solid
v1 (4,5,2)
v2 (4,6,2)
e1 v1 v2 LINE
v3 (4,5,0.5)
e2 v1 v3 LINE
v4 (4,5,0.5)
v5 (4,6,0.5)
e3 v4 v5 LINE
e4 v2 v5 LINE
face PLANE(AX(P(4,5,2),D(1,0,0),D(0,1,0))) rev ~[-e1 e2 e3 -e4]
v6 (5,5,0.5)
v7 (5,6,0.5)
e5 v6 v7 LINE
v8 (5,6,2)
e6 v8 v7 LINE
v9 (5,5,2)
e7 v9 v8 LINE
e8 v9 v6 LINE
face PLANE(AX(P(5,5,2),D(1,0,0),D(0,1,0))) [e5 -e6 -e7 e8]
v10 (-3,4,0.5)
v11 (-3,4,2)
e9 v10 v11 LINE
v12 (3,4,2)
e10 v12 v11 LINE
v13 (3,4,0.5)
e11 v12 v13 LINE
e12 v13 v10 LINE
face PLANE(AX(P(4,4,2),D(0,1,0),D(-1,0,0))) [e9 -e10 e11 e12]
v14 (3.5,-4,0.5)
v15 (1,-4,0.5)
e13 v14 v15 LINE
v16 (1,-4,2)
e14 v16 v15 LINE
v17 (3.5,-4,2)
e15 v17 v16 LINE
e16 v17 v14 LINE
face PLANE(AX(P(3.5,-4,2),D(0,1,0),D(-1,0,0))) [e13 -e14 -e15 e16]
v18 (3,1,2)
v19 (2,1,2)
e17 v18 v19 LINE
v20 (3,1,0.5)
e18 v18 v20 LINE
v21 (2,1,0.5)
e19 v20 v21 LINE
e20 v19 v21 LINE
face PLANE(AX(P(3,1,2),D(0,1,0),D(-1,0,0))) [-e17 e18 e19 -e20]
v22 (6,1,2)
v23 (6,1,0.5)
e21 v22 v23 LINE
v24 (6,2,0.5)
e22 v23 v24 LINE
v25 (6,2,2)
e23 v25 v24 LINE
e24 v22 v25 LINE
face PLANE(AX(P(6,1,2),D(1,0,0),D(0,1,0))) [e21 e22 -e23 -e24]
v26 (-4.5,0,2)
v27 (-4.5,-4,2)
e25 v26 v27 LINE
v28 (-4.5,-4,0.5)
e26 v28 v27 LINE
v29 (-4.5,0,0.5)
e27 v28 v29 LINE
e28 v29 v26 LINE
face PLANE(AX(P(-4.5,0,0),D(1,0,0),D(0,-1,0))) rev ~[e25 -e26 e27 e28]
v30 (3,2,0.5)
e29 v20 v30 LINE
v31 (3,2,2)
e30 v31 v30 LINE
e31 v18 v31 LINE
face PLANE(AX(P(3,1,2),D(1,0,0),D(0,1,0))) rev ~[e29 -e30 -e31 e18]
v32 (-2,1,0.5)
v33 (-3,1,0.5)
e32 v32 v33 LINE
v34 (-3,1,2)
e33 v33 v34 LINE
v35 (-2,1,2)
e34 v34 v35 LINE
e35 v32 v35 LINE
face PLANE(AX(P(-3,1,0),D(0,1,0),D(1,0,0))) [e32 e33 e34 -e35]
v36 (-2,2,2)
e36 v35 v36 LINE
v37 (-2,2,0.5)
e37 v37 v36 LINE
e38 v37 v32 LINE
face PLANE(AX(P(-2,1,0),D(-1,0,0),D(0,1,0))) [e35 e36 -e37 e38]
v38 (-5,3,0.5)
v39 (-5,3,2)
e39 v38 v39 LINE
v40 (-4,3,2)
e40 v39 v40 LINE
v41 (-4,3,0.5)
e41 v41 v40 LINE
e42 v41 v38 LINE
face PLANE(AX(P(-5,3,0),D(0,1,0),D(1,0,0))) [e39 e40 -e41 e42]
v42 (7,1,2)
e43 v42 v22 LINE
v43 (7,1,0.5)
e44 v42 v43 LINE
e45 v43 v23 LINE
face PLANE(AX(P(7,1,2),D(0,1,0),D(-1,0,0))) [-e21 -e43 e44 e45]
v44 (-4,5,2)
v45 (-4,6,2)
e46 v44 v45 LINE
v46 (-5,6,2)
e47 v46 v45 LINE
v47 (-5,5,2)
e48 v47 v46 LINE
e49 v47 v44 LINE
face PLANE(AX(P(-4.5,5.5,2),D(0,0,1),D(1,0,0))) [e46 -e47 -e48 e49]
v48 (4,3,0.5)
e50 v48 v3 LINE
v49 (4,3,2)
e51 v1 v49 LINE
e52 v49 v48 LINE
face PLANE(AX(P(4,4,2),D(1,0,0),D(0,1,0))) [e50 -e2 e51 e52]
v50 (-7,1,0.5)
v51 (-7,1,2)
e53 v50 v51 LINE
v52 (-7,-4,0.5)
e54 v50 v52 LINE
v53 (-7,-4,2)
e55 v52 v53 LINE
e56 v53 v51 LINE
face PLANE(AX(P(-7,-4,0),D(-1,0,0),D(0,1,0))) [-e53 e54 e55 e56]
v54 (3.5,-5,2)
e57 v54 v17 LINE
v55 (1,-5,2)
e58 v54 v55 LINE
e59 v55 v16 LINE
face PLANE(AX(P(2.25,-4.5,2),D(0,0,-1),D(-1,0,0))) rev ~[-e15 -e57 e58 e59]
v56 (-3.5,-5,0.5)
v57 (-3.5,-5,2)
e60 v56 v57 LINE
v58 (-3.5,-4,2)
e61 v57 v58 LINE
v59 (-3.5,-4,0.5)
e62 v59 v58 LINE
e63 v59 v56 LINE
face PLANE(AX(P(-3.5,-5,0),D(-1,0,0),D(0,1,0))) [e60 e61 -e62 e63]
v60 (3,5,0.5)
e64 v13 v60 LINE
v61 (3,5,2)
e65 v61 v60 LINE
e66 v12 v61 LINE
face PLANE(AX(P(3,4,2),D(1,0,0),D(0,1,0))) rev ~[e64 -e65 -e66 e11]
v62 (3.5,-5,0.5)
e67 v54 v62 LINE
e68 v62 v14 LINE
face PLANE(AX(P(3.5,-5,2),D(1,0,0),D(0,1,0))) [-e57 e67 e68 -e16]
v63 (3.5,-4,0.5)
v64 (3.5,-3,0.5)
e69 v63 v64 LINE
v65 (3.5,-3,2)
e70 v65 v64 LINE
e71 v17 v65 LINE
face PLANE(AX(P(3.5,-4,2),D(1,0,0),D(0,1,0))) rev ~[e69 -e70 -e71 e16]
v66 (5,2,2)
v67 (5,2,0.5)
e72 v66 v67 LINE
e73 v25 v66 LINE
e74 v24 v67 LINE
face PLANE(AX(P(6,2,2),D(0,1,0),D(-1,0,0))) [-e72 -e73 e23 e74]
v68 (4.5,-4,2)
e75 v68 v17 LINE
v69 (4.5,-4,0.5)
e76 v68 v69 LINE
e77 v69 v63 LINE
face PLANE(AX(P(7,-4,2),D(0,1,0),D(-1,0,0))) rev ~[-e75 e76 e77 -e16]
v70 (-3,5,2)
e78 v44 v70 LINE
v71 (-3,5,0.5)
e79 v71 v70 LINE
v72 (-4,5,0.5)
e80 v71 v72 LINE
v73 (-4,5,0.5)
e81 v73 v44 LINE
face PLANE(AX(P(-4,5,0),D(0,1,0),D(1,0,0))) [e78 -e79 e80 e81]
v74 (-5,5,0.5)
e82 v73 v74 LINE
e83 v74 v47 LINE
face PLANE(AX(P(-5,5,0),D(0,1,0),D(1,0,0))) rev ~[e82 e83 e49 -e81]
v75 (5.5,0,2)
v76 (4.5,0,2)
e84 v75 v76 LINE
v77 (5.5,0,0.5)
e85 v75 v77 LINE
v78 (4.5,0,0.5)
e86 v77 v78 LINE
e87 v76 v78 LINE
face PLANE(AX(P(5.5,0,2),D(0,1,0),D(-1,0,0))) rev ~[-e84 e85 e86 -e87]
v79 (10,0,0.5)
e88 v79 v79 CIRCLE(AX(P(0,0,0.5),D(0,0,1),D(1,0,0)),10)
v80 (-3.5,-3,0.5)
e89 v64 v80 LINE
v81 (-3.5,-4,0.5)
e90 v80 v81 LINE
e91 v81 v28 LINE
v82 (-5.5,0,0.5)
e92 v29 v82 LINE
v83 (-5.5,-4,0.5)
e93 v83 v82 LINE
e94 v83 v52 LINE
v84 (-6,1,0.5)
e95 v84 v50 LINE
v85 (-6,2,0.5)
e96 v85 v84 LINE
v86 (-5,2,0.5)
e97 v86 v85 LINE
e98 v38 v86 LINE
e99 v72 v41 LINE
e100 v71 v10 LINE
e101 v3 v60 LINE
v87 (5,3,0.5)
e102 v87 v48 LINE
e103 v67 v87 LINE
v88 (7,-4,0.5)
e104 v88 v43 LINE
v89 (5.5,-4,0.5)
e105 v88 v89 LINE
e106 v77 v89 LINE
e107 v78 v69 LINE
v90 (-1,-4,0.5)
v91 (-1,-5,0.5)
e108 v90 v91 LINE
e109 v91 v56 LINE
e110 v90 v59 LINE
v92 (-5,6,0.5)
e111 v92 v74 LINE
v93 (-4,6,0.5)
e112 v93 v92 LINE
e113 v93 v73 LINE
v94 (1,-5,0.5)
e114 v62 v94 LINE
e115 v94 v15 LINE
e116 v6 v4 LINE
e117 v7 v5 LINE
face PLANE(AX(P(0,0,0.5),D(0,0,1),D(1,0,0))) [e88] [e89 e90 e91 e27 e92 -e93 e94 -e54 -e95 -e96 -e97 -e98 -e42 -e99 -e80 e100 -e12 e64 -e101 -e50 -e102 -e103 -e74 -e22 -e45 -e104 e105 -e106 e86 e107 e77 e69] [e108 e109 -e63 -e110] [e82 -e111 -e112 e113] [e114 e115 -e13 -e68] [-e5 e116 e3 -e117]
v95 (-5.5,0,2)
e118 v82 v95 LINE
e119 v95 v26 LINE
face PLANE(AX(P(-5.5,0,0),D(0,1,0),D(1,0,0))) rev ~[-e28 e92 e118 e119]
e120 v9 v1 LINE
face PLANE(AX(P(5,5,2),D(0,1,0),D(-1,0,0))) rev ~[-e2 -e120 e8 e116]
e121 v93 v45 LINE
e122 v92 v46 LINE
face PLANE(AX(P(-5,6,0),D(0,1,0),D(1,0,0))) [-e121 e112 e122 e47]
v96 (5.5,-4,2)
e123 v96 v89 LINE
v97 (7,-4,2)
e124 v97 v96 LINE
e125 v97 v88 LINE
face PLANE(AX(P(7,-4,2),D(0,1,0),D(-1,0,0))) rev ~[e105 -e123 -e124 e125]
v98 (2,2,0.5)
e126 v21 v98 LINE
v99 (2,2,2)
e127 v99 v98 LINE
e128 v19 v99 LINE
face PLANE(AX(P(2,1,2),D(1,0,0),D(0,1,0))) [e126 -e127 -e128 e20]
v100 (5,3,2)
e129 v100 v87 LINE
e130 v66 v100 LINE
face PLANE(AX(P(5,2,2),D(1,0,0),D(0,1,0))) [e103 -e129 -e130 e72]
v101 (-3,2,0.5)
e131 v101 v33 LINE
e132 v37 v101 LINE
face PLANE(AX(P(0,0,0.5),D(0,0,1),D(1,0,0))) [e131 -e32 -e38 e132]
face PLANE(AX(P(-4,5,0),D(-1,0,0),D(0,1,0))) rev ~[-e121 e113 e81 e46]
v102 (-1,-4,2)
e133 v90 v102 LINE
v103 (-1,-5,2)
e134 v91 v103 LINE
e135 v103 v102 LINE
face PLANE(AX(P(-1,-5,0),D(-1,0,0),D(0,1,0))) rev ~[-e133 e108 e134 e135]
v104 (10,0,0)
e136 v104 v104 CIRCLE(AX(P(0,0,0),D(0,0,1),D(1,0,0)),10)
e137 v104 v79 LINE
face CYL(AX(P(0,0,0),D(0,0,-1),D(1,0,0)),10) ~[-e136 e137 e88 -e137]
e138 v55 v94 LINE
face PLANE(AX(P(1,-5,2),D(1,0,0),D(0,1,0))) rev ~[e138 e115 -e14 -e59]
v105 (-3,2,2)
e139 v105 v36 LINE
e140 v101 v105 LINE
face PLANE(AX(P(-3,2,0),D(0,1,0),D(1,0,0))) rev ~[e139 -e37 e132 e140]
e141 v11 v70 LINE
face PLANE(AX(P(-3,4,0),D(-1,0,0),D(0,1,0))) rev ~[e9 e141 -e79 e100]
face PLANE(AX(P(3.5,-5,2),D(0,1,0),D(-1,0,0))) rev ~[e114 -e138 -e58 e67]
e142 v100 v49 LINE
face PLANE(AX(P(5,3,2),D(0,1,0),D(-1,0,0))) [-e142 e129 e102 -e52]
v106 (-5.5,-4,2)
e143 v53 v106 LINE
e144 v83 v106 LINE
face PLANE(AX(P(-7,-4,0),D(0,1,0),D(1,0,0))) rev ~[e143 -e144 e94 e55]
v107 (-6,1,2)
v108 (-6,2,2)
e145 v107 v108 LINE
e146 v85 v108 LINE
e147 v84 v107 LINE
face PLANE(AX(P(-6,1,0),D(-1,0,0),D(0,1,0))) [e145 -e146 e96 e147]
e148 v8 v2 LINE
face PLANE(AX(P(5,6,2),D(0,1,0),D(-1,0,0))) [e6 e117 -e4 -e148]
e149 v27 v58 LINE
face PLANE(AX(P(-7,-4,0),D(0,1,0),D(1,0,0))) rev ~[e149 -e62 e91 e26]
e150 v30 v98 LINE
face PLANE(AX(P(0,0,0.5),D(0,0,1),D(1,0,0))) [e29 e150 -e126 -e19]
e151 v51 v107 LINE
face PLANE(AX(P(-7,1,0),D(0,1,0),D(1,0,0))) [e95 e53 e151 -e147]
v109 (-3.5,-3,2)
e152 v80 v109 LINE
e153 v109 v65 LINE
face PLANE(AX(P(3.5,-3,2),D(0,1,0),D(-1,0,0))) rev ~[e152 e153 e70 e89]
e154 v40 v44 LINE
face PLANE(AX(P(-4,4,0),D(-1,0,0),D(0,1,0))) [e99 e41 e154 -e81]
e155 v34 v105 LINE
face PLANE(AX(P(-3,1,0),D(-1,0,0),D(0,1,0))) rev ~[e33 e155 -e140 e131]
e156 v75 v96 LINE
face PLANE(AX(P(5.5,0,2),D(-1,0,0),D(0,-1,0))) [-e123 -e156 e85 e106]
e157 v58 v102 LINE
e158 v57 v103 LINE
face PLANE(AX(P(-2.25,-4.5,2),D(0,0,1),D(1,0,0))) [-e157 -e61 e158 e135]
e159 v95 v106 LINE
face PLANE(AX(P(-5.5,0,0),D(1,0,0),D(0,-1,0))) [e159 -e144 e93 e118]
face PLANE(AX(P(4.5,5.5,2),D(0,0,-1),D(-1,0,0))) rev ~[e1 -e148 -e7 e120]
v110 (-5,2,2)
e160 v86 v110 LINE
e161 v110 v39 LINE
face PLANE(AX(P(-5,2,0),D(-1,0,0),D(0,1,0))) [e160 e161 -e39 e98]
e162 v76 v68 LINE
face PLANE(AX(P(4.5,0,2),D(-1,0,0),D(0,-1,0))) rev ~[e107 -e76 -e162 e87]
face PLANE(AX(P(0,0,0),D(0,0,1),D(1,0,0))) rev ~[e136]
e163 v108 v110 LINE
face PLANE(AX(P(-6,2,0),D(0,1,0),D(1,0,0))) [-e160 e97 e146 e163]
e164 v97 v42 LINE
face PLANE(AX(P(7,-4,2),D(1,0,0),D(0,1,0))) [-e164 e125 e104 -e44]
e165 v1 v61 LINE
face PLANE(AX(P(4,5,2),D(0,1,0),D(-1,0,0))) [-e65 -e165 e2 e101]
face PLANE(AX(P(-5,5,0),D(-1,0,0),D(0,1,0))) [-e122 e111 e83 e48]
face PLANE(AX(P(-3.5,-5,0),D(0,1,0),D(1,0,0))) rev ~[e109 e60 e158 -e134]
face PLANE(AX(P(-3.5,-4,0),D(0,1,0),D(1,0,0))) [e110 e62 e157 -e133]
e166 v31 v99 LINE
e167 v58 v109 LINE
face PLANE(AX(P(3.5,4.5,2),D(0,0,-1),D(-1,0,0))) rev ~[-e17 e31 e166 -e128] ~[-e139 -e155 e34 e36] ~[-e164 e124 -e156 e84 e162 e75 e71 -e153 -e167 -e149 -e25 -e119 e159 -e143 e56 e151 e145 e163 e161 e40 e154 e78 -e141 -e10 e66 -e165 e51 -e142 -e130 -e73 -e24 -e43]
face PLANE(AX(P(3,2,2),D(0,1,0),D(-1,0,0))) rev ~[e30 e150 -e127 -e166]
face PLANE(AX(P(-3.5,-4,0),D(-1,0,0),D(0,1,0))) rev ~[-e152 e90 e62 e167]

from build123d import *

# Parameters (mm, degrees)
BOX025_W                  = 1
BOX025_H                  = 1
BOX025_DEPTH              = 2
BOX027_W                  = 10
BOX027_H                  = 10
BOX027_DEPTH              = 10
BOX024_W                  = 10
BOX024_H                  = 10
BOX024_DEPTH              = 10
BOX017_W                  = 1
BOX017_H                  = 1
BOX017_DEPTH              = 2
BOX018_W                  = 1
BOX018_H                  = 1
BOX018_DEPTH              = 2
BOX019_W                  = 4
BOX019_H                  = 1
BOX019_DEPTH              = 2
BOX020_W                  = 1
BOX020_H                  = 1
BOX020_DEPTH              = 2
BOX021_W                  = 1
BOX021_H                  = 1
BOX021_DEPTH              = 2
BOX022_W                  = 4
BOX022_H                  = 1
BOX022_DEPTH              = 2
BOX023_W                  = 3.5
BOX023_H                  = 1
BOX023_DEPTH              = 2
BOX016_W                  = 1
BOX016_H                  = 1
BOX016_DEPTH              = 2
BOX015_W                  = 7
BOX015_H                  = 10
BOX015_DEPTH              = 2
BOX028_W                  = 1
BOX028_H                  = 1
BOX028_DEPTH              = 2
BOX026_W                  = 1
BOX026_H                  = 1
BOX026_DEPTH              = 2
BOX029_W                  = 2.5
BOX029_H                  = 1
BOX029_DEPTH              = 2
FUSION001_PLACEMENT_ANGLE = 180
BOX010_W                  = 1
BOX010_H                  = 1
BOX010_DEPTH              = 2
BOX012_W                  = 10
BOX012_H                  = 10
BOX012_DEPTH              = 10
BOX009_W                  = 10
BOX009_H                  = 10
BOX009_DEPTH              = 10
BOX002_W                  = 1
BOX002_H                  = 1
BOX002_DEPTH              = 2
BOX003_W                  = 1
BOX003_H                  = 1
BOX003_DEPTH              = 2
BOX004_W                  = 4
BOX004_H                  = 1
BOX004_DEPTH              = 2
BOX005_W                  = 1
BOX005_H                  = 1
BOX005_DEPTH              = 2
BOX006_W                  = 1
BOX006_H                  = 1
BOX006_DEPTH              = 2
BOX007_W                  = 4
BOX007_H                  = 1
BOX007_DEPTH              = 2
BOX008_W                  = 3.5
BOX008_H                  = 1
BOX008_DEPTH              = 2
BOX001_W                  = 1
BOX001_H                  = 1
BOX001_DEPTH              = 2
BOX_W                     = 7
BOX_H                     = 10
BOX_DEPTH                 = 2
BOX013_W                  = 1
BOX013_H                  = 1
BOX013_DEPTH              = 2
BOX011_W                  = 1
BOX011_H                  = 1
BOX011_DEPTH              = 2
BOX014_W                  = 2.5
BOX014_H                  = 1
BOX014_DEPTH              = 2
CYLINDER_R                = 10
CYLINDER_DEPTH            = 0.5


with BuildPart() as cubo025:
    # Box025 → Box025 (new body)
    with BuildSketch(Plane(origin=(-5, 3, 0), x_dir=(1, 0, 0), z_dir=(0, 0, 1))):
        with Locations((0.5, 0.5)):
            Rectangle(BOX025_W, BOX025_H)
    extrude(amount=BOX025_DEPTH)


with BuildPart() as cubo027:
    # Box027 → Box027 (new body)
    with BuildSketch(Plane(origin=(-15, 1, 0), x_dir=(1, 0, 0), z_dir=(0, 0, 1))):
        with Locations((5, 5)):
            Rectangle(BOX027_W, BOX027_H)
    extrude(amount=BOX027_DEPTH)


with BuildPart() as cubo024:
    # Box024 → Box024 (new body)
    with BuildSketch(Plane(origin=(-4, 3, 0), x_dir=(1, 0, 0), z_dir=(0, 0, 1))):
        with Locations((5, 5)):
            Rectangle(BOX024_W, BOX024_H)
    extrude(amount=BOX024_DEPTH)


with BuildPart() as cubo017:
    # Box017 → Box017 (new body)
    with BuildSketch(Plane(origin=(-3, 0, 0), x_dir=(1, 0, 0), z_dir=(0, 0, 1))):
        with Locations((0.5, 0.5)):
            Rectangle(BOX017_W, BOX017_H)
    extrude(amount=BOX017_DEPTH)


with BuildPart() as cubo018:
    # Box018 → Box018 (new body)
    with BuildSketch(Plane(origin=(-5, 2, 0), x_dir=(1, 0, 0), z_dir=(0, 0, 1))):
        with Locations((0.5, 0.5)):
            Rectangle(BOX018_W, BOX018_H)
    extrude(amount=BOX018_DEPTH)


with BuildPart() as cubo019:
    # Box019 → Box019 (new body)
    with BuildSketch(Plane(origin=(-5.5, -1, 0), x_dir=(0, -1, 0), z_dir=(0, 0, 1))):
        with Locations((2, 0.5)):
            Rectangle(BOX019_W, BOX019_H)
    extrude(amount=BOX019_DEPTH)


with BuildPart() as cubo020:
    # Box020 → Box020 (new body)
    with BuildSketch(Plane(origin=(-5, 4, 0), x_dir=(1, 0, 0), z_dir=(0, 0, 1))):
        with Locations((0.5, 0.5)):
            Rectangle(BOX020_W, BOX020_H)
    extrude(amount=BOX020_DEPTH)


with BuildPart() as cubo021:
    # Box021 → Box021 (new body)
    with BuildSketch(Plane(origin=(-6, 1, 0), x_dir=(1, 0, 0), z_dir=(0, 0, 1))):
        with Locations((0.5, 0.5)):
            Rectangle(BOX021_W, BOX021_H)
    extrude(amount=BOX021_DEPTH)


with BuildPart() as cubo022:
    # Box022 → Box022 (new body)
    with BuildSketch(Plane(origin=(-4, 3, 0), x_dir=(1, 0, 0), z_dir=(0, 0, 1))):
        with Locations((2, 0.5)):
            Rectangle(BOX022_W, BOX022_H)
    extrude(amount=BOX022_DEPTH)


with BuildPart() as cubo023:
    # Box023 → Box023 (new body)
    with BuildSketch(Plane(origin=(-3.5, -5, 0), x_dir=(1, 0, 0), z_dir=(0, 0, 1))):
        with Locations((1.75, 0.5)):
            Rectangle(BOX023_W, BOX023_H)
    extrude(amount=BOX023_DEPTH)


with BuildPart() as cubo016:
    # Box016 → Box016 (new body)
    with BuildSketch(Plane(origin=(-7, 0, 0), x_dir=(1, 0, 0), z_dir=(0, 0, 1))):
        with Locations((0.5, 0.5)):
            Rectangle(BOX016_W, BOX016_H)
    extrude(amount=BOX016_DEPTH)


with BuildPart() as cut021:
    # Box015 → Box015 (new body)
    with BuildSketch(Plane(origin=(-7, -5, 0), x_dir=(1, 0, 0), z_dir=(0, 0, 1))):
        with Locations((3.5, 5)):
            Rectangle(BOX015_W, BOX015_H)
    extrude(amount=BOX015_DEPTH)

    # Cut011: cut Cubo016
    add(cubo016.part, mode=Mode.SUBTRACT)

    # Cut012: cut Cubo023
    add(cubo023.part, mode=Mode.SUBTRACT)

    # Cut013: cut Cubo022
    add(cubo022.part, mode=Mode.SUBTRACT)

    # Cut014: cut Cubo021
    add(cubo021.part, mode=Mode.SUBTRACT)

    # Cut015: cut Cubo020
    add(cubo020.part, mode=Mode.SUBTRACT)

    # Cut016: cut Cubo019
    add(cubo019.part, mode=Mode.SUBTRACT)

    # Cut017: cut Cubo018
    add(cubo018.part, mode=Mode.SUBTRACT)

    # Cut018: cut Cubo017
    add(cubo017.part, mode=Mode.SUBTRACT)

    # Cut019: cut Cubo024
    add(cubo024.part, mode=Mode.SUBTRACT)

    # Cut020: cut Cubo027
    add(cubo027.part, mode=Mode.SUBTRACT)

    # Cut021: cut Cubo025
    add(cubo025.part, mode=Mode.SUBTRACT)


with BuildPart() as cubo028:
    # Box028 → Box028 (new body)
    with BuildSketch(Plane(origin=(-4, 3, 0), x_dir=(1, 0, 0), z_dir=(0, 0, 1))):
        with Locations((0.5, 0.5)):
            Rectangle(BOX028_W, BOX028_H)
    extrude(amount=BOX028_DEPTH)


with BuildPart() as cubo026:
    # Box026 → Box026 (new body)
    with BuildSketch(Plane(origin=(-5, 4, 0), x_dir=(1, 0, 0), z_dir=(0, 0, 1))):
        with Locations((0.5, 0.5)):
            Rectangle(BOX026_W, BOX026_H)
    extrude(amount=BOX026_DEPTH)


with BuildPart() as fusion001:
    # Box029 → Box029 (new body)
    with BuildSketch(Plane(origin=(-3.5, -6, 0), x_dir=(1, 0, 0), z_dir=(0, 0, 1))):
        with Locations((1.25, 0.5)):
            Rectangle(BOX029_W, BOX029_H)
    extrude(amount=BOX029_DEPTH)

    # Fusion001: union Cut021, Cubo028, Cubo026
    add(cut021.part)
    add(cubo028.part)
    add(cubo026.part)


with BuildPart() as fusion001_1:
    # Fusion001 placement: moved
    add(fusion001.part.moved(Location((0, 0, 2))).rotate(Axis((0, 0, 2), (0, 1, 0)), FUSION001_PLACEMENT_ANGLE))


with BuildPart() as cubo010:
    # Box010 → Box010 (new body)
    with BuildSketch(Plane(origin=(-5, 3, 0), x_dir=(1, 0, 0), z_dir=(0, 0, 1))):
        with Locations((0.5, 0.5)):
            Rectangle(BOX010_W, BOX010_H)
    extrude(amount=BOX010_DEPTH)


with BuildPart() as cubo012:
    # Box012 → Box012 (new body)
    with BuildSketch(Plane(origin=(-15, 1, 0), x_dir=(1, 0, 0), z_dir=(0, 0, 1))):
        with Locations((5, 5)):
            Rectangle(BOX012_W, BOX012_H)
    extrude(amount=BOX012_DEPTH)


with BuildPart() as cubo009:
    # Box009 → Box009 (new body)
    with BuildSketch(Plane(origin=(-4, 3, 0), x_dir=(1, 0, 0), z_dir=(0, 0, 1))):
        with Locations((5, 5)):
            Rectangle(BOX009_W, BOX009_H)
    extrude(amount=BOX009_DEPTH)


with BuildPart() as cubo002:
    # Box002 → Box002 (new body)
    with BuildSketch(Plane(origin=(-3, 0, 0), x_dir=(1, 0, 0), z_dir=(0, 0, 1))):
        with Locations((0.5, 0.5)):
            Rectangle(BOX002_W, BOX002_H)
    extrude(amount=BOX002_DEPTH)


with BuildPart() as cubo003:
    # Box003 → Box003 (new body)
    with BuildSketch(Plane(origin=(-5, 2, 0), x_dir=(1, 0, 0), z_dir=(0, 0, 1))):
        with Locations((0.5, 0.5)):
            Rectangle(BOX003_W, BOX003_H)
    extrude(amount=BOX003_DEPTH)


with BuildPart() as cubo004:
    # Box004 → Box004 (new body)
    with BuildSketch(Plane(origin=(-5.5, -1, 0), x_dir=(0, -1, 0), z_dir=(0, 0, 1))):
        with Locations((2, 0.5)):
            Rectangle(BOX004_W, BOX004_H)
    extrude(amount=BOX004_DEPTH)


with BuildPart() as cubo005:
    # Box005 → Box005 (new body)
    with BuildSketch(Plane(origin=(-5, 4, 0), x_dir=(1, 0, 0), z_dir=(0, 0, 1))):
        with Locations((0.5, 0.5)):
            Rectangle(BOX005_W, BOX005_H)
    extrude(amount=BOX005_DEPTH)


with BuildPart() as cubo006:
    # Box006 → Box006 (new body)
    with BuildSketch(Plane(origin=(-6, 1, 0), x_dir=(1, 0, 0), z_dir=(0, 0, 1))):
        with Locations((0.5, 0.5)):
            Rectangle(BOX006_W, BOX006_H)
    extrude(amount=BOX006_DEPTH)


with BuildPart() as cubo007:
    # Box007 → Box007 (new body)
    with BuildSketch(Plane(origin=(-4, 3, 0), x_dir=(1, 0, 0), z_dir=(0, 0, 1))):
        with Locations((2, 0.5)):
            Rectangle(BOX007_W, BOX007_H)
    extrude(amount=BOX007_DEPTH)


with BuildPart() as cubo008:
    # Box008 → Box008 (new body)
    with BuildSketch(Plane(origin=(-3.5, -5, 0), x_dir=(1, 0, 0), z_dir=(0, 0, 1))):
        with Locations((1.75, 0.5)):
            Rectangle(BOX008_W, BOX008_H)
    extrude(amount=BOX008_DEPTH)


with BuildPart() as cubo001:
    # Box001 → Box001 (new body)
    with BuildSketch(Plane(origin=(-7, 0, 0), x_dir=(1, 0, 0), z_dir=(0, 0, 1))):
        with Locations((0.5, 0.5)):
            Rectangle(BOX001_W, BOX001_H)
    extrude(amount=BOX001_DEPTH)


with BuildPart() as cut010:
    # Box → Box (new body)
    with BuildSketch(Plane(origin=(-7, -5, 0), x_dir=(1, 0, 0), z_dir=(0, 0, 1))):
        with Locations((3.5, 5)):
            Rectangle(BOX_W, BOX_H)
    extrude(amount=BOX_DEPTH)

    # Cut: cut Cubo001
    add(cubo001.part, mode=Mode.SUBTRACT)

    # Cut001: cut Cubo008
    add(cubo008.part, mode=Mode.SUBTRACT)

    # Cut002: cut Cubo007
    add(cubo007.part, mode=Mode.SUBTRACT)

    # Cut003: cut Cubo006
    add(cubo006.part, mode=Mode.SUBTRACT)

    # Cut004: cut Cubo005
    add(cubo005.part, mode=Mode.SUBTRACT)

    # Cut005: cut Cubo004
    add(cubo004.part, mode=Mode.SUBTRACT)

    # Cut006: cut Cubo003
    add(cubo003.part, mode=Mode.SUBTRACT)

    # Cut007: cut Cubo002
    add(cubo002.part, mode=Mode.SUBTRACT)

    # Cut008: cut Cubo009
    add(cubo009.part, mode=Mode.SUBTRACT)

    # Cut009: cut Cubo012
    add(cubo012.part, mode=Mode.SUBTRACT)

    # Cut010: cut Cubo010
    add(cubo010.part, mode=Mode.SUBTRACT)


with BuildPart() as cubo013:
    # Box013 → Box013 (new body)
    with BuildSketch(Plane(origin=(-4, 3, 0), x_dir=(1, 0, 0), z_dir=(0, 0, 1))):
        with Locations((0.5, 0.5)):
            Rectangle(BOX013_W, BOX013_H)
    extrude(amount=BOX013_DEPTH)


with BuildPart() as cubo011:
    # Box011 → Box011 (new body)
    with BuildSketch(Plane(origin=(-5, 4, 0), x_dir=(1, 0, 0), z_dir=(0, 0, 1))):
        with Locations((0.5, 0.5)):
            Rectangle(BOX011_W, BOX011_H)
    extrude(amount=BOX011_DEPTH)


with BuildPart() as fusion002:
    # Box014 → Box014 (new body)
    with BuildSketch(Plane(origin=(-3.5, -6, 0), x_dir=(1, 0, 0), z_dir=(0, 0, 1))):
        with Locations((1.25, 0.5)):
            Rectangle(BOX014_W, BOX014_H)
    extrude(amount=BOX014_DEPTH)

    # Fusion: union Cut010, Cubo013, Cubo011
    add(cut010.part)
    add(cubo013.part)
    add(cubo011.part)

    # Fusion002: union Fusion001
    add(fusion001_1.part)


with BuildPart() as fusion002_1:
    # Fusion002 placement: moved
    add(fusion002.part.moved(Location((0, 1, 0))))


with BuildPart() as fusion003:
    # Cylinder → Cylinder (new body)
    with BuildSketch(Plane.XY):
        Circle(CYLINDER_R)
    extrude(amount=CYLINDER_DEPTH)

    # Fusion003: union Fusion002
    add(fusion002_1.part)


solid = fusion003.part
